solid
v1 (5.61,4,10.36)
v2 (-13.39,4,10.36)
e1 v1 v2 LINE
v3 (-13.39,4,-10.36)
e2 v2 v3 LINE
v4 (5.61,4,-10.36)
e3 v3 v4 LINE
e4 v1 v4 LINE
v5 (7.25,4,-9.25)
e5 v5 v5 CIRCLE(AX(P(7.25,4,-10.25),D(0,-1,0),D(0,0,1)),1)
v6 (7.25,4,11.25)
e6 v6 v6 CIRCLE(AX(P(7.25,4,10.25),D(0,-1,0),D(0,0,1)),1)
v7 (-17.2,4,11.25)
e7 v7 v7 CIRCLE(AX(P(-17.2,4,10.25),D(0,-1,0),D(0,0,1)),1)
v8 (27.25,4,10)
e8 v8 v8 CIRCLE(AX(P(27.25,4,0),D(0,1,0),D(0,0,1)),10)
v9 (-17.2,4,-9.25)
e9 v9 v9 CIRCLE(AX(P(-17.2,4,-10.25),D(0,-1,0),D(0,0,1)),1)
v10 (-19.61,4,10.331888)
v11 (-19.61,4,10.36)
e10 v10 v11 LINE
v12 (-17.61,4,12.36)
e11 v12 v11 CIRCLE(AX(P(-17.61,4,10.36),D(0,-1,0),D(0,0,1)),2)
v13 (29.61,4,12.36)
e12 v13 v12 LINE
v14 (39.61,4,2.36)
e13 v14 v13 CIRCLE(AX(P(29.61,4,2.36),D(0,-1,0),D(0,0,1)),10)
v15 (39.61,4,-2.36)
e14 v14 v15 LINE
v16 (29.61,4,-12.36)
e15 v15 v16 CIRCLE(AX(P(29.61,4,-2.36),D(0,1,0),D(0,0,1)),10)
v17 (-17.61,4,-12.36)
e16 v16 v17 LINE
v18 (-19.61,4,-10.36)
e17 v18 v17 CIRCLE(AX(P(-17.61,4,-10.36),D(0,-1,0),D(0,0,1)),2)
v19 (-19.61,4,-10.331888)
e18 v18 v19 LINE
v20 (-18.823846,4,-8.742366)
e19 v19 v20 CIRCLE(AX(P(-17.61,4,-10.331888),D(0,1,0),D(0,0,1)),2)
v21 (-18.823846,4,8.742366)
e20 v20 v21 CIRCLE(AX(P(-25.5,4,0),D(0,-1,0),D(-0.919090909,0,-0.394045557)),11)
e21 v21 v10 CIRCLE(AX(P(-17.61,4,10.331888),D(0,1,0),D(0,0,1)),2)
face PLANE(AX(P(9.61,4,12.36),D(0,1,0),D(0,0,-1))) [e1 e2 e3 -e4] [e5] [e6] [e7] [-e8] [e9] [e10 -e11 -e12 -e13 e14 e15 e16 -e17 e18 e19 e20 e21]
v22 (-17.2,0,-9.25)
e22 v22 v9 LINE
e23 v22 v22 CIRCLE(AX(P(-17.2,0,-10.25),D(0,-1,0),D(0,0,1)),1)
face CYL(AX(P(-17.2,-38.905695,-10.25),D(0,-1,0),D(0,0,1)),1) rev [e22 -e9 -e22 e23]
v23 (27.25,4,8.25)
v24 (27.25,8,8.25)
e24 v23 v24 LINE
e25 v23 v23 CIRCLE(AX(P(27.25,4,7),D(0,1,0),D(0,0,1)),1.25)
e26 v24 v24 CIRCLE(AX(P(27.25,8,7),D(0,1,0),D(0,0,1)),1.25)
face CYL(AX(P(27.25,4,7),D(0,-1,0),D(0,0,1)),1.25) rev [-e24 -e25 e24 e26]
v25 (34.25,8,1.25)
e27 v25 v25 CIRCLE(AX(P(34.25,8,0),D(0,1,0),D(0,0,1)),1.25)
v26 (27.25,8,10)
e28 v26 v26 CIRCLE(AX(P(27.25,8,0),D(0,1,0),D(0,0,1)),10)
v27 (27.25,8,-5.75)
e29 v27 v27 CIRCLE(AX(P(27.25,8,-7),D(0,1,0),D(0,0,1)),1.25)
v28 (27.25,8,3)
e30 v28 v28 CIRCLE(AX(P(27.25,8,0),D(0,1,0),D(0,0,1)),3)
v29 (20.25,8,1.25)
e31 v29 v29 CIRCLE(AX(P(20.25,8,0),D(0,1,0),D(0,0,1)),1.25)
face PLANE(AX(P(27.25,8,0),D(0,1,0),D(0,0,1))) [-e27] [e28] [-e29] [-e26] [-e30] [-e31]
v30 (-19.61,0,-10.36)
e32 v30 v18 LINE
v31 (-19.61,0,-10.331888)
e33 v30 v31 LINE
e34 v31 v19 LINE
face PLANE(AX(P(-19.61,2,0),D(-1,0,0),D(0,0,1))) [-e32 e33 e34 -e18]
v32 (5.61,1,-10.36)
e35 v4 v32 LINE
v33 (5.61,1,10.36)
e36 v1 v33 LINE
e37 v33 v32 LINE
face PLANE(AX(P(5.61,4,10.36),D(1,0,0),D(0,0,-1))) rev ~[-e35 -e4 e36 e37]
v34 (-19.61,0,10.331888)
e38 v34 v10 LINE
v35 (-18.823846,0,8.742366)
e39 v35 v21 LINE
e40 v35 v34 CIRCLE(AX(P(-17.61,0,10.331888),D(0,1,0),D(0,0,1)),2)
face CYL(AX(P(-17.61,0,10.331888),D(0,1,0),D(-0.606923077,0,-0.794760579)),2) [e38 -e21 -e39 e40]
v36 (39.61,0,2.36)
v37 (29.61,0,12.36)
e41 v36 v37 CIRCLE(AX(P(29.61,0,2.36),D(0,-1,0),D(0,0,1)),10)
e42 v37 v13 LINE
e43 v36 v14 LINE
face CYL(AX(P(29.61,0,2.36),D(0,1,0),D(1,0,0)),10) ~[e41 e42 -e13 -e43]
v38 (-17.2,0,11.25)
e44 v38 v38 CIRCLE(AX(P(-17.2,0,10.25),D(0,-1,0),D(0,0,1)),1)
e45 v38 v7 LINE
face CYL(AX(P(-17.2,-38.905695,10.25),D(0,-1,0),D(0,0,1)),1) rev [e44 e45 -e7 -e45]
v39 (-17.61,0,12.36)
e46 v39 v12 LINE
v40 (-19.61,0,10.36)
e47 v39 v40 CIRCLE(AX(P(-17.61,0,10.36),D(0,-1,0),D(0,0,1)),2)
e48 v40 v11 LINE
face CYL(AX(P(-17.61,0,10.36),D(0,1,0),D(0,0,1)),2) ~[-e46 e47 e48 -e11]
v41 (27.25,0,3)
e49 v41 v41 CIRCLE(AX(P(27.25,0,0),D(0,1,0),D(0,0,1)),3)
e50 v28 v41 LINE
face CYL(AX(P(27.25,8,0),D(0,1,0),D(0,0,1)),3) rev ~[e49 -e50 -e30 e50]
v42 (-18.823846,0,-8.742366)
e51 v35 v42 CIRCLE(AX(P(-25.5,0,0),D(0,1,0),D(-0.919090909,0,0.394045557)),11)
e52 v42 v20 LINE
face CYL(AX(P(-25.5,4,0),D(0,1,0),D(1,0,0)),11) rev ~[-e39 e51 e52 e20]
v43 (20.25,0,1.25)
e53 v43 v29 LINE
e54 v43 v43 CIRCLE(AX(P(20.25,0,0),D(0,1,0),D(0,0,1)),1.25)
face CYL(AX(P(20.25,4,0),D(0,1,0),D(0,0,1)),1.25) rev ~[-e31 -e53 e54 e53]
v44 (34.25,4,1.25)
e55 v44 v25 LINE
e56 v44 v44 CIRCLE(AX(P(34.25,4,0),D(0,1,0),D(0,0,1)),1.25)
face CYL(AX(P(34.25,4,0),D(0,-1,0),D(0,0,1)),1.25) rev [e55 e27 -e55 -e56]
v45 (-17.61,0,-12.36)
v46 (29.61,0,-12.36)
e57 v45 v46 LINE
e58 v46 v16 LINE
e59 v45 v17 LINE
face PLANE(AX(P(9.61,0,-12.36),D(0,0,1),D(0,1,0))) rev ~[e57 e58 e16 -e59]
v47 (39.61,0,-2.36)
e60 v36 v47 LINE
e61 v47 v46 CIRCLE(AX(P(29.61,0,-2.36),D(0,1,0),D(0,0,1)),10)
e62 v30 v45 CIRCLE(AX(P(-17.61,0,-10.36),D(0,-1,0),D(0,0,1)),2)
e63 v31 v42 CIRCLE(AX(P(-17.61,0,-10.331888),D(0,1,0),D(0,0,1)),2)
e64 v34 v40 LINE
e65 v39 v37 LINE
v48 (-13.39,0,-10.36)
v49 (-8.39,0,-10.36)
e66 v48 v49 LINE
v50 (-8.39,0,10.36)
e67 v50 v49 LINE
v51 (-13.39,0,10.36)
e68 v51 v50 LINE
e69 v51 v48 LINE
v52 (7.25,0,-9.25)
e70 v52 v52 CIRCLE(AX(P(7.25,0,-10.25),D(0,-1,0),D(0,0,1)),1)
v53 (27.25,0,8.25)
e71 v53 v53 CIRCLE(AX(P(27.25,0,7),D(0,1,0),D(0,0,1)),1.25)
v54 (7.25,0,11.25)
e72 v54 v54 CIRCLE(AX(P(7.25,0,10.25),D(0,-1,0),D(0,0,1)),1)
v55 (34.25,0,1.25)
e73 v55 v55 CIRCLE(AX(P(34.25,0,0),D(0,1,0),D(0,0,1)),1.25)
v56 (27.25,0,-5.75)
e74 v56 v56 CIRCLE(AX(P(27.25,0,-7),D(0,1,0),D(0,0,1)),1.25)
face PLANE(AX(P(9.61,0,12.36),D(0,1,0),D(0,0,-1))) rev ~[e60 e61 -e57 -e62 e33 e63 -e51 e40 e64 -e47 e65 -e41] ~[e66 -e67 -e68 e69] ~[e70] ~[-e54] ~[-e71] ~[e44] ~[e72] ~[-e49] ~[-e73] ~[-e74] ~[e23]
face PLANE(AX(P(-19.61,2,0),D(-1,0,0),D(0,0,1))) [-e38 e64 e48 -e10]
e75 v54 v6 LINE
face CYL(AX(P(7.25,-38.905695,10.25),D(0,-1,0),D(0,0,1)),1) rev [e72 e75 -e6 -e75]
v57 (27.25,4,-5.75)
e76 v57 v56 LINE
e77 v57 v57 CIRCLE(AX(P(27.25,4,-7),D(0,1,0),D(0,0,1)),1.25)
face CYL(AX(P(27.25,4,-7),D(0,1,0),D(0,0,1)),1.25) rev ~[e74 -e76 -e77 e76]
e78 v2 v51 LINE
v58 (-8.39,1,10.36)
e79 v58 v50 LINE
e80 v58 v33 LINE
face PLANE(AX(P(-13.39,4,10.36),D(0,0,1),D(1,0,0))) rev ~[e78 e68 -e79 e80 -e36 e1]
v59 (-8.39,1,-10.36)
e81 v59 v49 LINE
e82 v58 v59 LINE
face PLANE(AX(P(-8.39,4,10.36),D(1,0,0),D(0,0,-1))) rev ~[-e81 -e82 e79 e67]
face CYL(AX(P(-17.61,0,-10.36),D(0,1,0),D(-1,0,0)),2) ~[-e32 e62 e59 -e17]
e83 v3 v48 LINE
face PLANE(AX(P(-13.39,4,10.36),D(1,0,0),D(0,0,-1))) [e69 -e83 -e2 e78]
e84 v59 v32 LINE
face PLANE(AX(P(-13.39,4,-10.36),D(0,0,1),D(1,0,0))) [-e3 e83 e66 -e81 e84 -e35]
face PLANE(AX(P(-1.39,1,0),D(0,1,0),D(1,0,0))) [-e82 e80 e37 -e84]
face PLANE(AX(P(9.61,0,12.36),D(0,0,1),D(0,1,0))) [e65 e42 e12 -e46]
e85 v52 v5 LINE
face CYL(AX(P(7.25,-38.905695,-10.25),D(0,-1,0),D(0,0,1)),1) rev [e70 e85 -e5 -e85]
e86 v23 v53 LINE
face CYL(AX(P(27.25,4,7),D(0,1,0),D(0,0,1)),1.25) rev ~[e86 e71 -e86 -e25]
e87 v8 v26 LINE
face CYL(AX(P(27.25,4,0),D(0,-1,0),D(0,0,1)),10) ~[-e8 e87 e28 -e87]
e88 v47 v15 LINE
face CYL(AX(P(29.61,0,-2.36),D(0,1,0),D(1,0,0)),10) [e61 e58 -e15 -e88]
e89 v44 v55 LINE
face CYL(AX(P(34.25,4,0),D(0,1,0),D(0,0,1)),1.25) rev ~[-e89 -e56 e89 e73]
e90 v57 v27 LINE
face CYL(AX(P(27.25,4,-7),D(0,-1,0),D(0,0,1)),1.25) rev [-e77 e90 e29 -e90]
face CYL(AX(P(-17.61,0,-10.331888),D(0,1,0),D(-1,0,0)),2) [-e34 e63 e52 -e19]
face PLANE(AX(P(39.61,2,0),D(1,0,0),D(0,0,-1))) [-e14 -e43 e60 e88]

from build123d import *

# Parameters (mm, degrees)
EXTRUDE_1_DEPTH          = 4
CUT_EXTRUDE_1_DEPTH      = 38.905694823
CUT_EXTRUDE_1_DEPTH_BACK = 38.905694823
SKETCH_2_R               = 1
SKETCH_3_W               = 14
SKETCH_3_H               = 20.72
CUT_EXTRUDE_3_DEPTH      = 3
SKETCH_5_W               = 5
SKETCH_5_H               = 20.72
CUT_EXTRUDE_4_DEPTH      = 4
SKETCH_13_W              = 24.72
SKETCH_13_H              = 4
EXTRUDE_5_DEPTH          = 30
SKETCH_15_R              = 10
EXTRUDE_6_DEPTH          = 4
SKETCH_14_R              = 1.25
CUT_EXTRUDE_7_DEPTH      = 4
FILLET_1_R               = 10
FILLET_2_R               = 10
SKETCH_6_R               = 11
CUT_EXTRUDE_9_DEPTH      = 4
SKETCH_17_W              = 24.72
SKETCH_17_H              = 4
CUT_EXTRUDE_10_DEPTH     = 16
FILLET_3_R               = 2
FILLET_4_R               = 2
FILLET_5_R               = 2
FILLET_6_R               = 2
SKETCH_18_R              = 3
CUT_EXTRUDE_11_DEPTH     = 13


with BuildPart() as part:
    # 草图1 → 凸台-拉伸1 (new body)
    with BuildSketch(Plane(origin=(0, 0, 0), x_dir=(1, 0, 0), z_dir=(0, 1, 0))):
        with BuildLine():
            Line((6.61, -12.36), (9.61, -12.36))
            Line((9.61, -12.36), (9.61, -9.36))
            Line((9.61, -9.36), (9.61, 9.36))
            Line((9.61, 9.36), (9.61, 12.36))
            Line((9.61, 12.36), (6.61, 12.36))
            Line((6.61, 12.36), (-32.61, 12.36))
            ThreePointArc((-32.61, 12.36), (-34.731320344, 11.481320344), (-35.61, 9.36))
            Line((-35.61, 9.36), (-35.61, -9.36))
            ThreePointArc((-35.61, -9.36), (-34.731320344, -11.481320344), (-32.61, -12.36))
            Line((-32.61, -12.36), (6.61, -12.36))
        make_face()
    extrude(amount=EXTRUDE_1_DEPTH)

    # 草图2 → 切除-拉伸1 (cut, two sides: drawn at the far end of the back side and taken through both)
    with BuildSketch(Plane(origin=(0, 0, 0), x_dir=(1, 0, 0), z_dir=(0, 1, 0)).offset(-CUT_EXTRUDE_1_DEPTH_BACK)):
        with Locations(Location((7.25, -10.25, 0), (0, 0, 270))):
            Circle(SKETCH_2_R)
        with Locations(Location((7.25, 10.25, 0), (0, 0, 270))):
            Circle(SKETCH_2_R)
        with Locations(Location((-17.2, -10.25, 0), (0, 0, 270))):
            Circle(SKETCH_2_R)
        with Locations(Location((-17.2, 10.25, 0), (0, 0, 270))):
            Circle(SKETCH_2_R)
    extrude(amount=CUT_EXTRUDE_1_DEPTH + CUT_EXTRUDE_1_DEPTH_BACK, mode=Mode.SUBTRACT)

    # 草图3 → 切除-拉伸3 (cut)
    with BuildSketch(Plane(origin=(0, 4, 0), x_dir=(1, 0, 0), z_dir=(0, 1, 0))):
        with Locations((-1.39, 0)):
            Rectangle(SKETCH_3_W, SKETCH_3_H)
    extrude(amount=-CUT_EXTRUDE_3_DEPTH, mode=Mode.SUBTRACT)

    # 草图5 → 切除-拉伸4 (cut)
    with BuildSketch(Plane(origin=(0, 4, 0), x_dir=(1, 0, 0), z_dir=(0, 1, 0))):
        with Locations((-10.89, 0)):
            Rectangle(SKETCH_5_W, SKETCH_5_H)
    extrude(amount=-CUT_EXTRUDE_4_DEPTH, mode=Mode.SUBTRACT)

    # 草图13 → 凸台-拉伸5 (add)
    with BuildSketch(Plane(origin=(9.61, 0, 0), x_dir=(0, 0, -1), z_dir=(1, 0, 0))):
        with Locations((0, 2)):
            Rectangle(SKETCH_13_W, SKETCH_13_H)
    extrude(amount=EXTRUDE_5_DEPTH)

    # 草图15 → 凸台-拉伸6 (add)
    with BuildSketch(Plane(origin=(0, 4, 0), x_dir=(1, 0, 0), z_dir=(0, 1, 0))):
        with Locations(Location((27.25, 0, 0), (0, 0, 270))):
            Circle(SKETCH_15_R)
    extrude(amount=EXTRUDE_6_DEPTH)

    # 草图14 → 切除-拉伸7 (cut, symmetric)
    with BuildSketch(Plane(origin=(0, 4, 0), x_dir=(1, 0, 0), z_dir=(0, 1, 0))):
        with Locations(Location((27.25, -7, 0), (0, 0, 270))):
            Circle(SKETCH_14_R)
        with Locations(Location((34.25, 0, 0), (0, 0, 270))):
            Circle(SKETCH_14_R)
        with Locations(Location((27.25, 7, 0), (0, 0, 270))):
            Circle(SKETCH_14_R)
        with Locations(Location((20.25, 0, 0), (0, 0, 270))):
            Circle(SKETCH_14_R)
    extrude(amount=CUT_EXTRUDE_7_DEPTH, both=True, mode=Mode.SUBTRACT)

    # 圆角1
    fillet_1_edges = [part.edges().sort_by_distance(p)[0] for p in [
        (39.61, 2, -12.36),
    ]]
    fillet(fillet_1_edges, radius=FILLET_1_R)

    # 圆角2
    fillet_2_edges = [part.edges().sort_by_distance(p)[0] for p in [
        (39.61, 2, 12.36),
    ]]
    fillet(fillet_2_edges, radius=FILLET_2_R)

    # 草图6 → 切除-拉伸9 (cut)
    with BuildSketch(Plane(origin=(0, 4, 0), x_dir=(1, 0, 0), z_dir=(0, 1, 0))):
        with Locations((-25.5, 0)):
            Circle(SKETCH_6_R)
    extrude(amount=-CUT_EXTRUDE_9_DEPTH, mode=Mode.SUBTRACT)

    # 草图17 → 切除-拉伸10 (cut)
    with BuildSketch(Plane.ZY.offset(35.61)):
        with Locations((0, 2)):
            Rectangle(SKETCH_17_W, SKETCH_17_H)
    extrude(amount=-CUT_EXTRUDE_10_DEPTH, mode=Mode.SUBTRACT)

    # 圆角3
    fillet_3_edges = [part.edges().sort_by_distance(p)[0] for p in [
        (-19.61, 2, 12.36),
    ]]
    fillet(fillet_3_edges, radius=FILLET_3_R)

    # 圆角4
    fillet_4_edges = [part.edges().sort_by_distance(p)[0] for p in [
        (-19.61, 2, -12.36),
    ]]
    fillet(fillet_4_edges, radius=FILLET_4_R)

    # 圆角5
    fillet_5_edges = [part.edges().sort_by_distance(p)[0] for p in [
        (-19.61, 2, -9.290204519),
    ]]
    fillet(fillet_5_edges, radius=FILLET_5_R)

    # 圆角6
    fillet_6_edges = [part.edges().sort_by_distance(p)[0] for p in [
        (-19.61, 2, 9.290204519),
    ]]
    fillet(fillet_6_edges, radius=FILLET_6_R)

    # 草图18 → 切除-拉伸11 (cut)
    with BuildSketch(Plane(origin=(0, 8, 0), x_dir=(1, 0, 0), z_dir=(0, 1, 0))):
        with Locations(Location((27.25, 0, 0), (0, 0, 270))):
            Circle(SKETCH_18_R)
    extrude(amount=-CUT_EXTRUDE_11_DEPTH, mode=Mode.SUBTRACT)


solid = part.part
